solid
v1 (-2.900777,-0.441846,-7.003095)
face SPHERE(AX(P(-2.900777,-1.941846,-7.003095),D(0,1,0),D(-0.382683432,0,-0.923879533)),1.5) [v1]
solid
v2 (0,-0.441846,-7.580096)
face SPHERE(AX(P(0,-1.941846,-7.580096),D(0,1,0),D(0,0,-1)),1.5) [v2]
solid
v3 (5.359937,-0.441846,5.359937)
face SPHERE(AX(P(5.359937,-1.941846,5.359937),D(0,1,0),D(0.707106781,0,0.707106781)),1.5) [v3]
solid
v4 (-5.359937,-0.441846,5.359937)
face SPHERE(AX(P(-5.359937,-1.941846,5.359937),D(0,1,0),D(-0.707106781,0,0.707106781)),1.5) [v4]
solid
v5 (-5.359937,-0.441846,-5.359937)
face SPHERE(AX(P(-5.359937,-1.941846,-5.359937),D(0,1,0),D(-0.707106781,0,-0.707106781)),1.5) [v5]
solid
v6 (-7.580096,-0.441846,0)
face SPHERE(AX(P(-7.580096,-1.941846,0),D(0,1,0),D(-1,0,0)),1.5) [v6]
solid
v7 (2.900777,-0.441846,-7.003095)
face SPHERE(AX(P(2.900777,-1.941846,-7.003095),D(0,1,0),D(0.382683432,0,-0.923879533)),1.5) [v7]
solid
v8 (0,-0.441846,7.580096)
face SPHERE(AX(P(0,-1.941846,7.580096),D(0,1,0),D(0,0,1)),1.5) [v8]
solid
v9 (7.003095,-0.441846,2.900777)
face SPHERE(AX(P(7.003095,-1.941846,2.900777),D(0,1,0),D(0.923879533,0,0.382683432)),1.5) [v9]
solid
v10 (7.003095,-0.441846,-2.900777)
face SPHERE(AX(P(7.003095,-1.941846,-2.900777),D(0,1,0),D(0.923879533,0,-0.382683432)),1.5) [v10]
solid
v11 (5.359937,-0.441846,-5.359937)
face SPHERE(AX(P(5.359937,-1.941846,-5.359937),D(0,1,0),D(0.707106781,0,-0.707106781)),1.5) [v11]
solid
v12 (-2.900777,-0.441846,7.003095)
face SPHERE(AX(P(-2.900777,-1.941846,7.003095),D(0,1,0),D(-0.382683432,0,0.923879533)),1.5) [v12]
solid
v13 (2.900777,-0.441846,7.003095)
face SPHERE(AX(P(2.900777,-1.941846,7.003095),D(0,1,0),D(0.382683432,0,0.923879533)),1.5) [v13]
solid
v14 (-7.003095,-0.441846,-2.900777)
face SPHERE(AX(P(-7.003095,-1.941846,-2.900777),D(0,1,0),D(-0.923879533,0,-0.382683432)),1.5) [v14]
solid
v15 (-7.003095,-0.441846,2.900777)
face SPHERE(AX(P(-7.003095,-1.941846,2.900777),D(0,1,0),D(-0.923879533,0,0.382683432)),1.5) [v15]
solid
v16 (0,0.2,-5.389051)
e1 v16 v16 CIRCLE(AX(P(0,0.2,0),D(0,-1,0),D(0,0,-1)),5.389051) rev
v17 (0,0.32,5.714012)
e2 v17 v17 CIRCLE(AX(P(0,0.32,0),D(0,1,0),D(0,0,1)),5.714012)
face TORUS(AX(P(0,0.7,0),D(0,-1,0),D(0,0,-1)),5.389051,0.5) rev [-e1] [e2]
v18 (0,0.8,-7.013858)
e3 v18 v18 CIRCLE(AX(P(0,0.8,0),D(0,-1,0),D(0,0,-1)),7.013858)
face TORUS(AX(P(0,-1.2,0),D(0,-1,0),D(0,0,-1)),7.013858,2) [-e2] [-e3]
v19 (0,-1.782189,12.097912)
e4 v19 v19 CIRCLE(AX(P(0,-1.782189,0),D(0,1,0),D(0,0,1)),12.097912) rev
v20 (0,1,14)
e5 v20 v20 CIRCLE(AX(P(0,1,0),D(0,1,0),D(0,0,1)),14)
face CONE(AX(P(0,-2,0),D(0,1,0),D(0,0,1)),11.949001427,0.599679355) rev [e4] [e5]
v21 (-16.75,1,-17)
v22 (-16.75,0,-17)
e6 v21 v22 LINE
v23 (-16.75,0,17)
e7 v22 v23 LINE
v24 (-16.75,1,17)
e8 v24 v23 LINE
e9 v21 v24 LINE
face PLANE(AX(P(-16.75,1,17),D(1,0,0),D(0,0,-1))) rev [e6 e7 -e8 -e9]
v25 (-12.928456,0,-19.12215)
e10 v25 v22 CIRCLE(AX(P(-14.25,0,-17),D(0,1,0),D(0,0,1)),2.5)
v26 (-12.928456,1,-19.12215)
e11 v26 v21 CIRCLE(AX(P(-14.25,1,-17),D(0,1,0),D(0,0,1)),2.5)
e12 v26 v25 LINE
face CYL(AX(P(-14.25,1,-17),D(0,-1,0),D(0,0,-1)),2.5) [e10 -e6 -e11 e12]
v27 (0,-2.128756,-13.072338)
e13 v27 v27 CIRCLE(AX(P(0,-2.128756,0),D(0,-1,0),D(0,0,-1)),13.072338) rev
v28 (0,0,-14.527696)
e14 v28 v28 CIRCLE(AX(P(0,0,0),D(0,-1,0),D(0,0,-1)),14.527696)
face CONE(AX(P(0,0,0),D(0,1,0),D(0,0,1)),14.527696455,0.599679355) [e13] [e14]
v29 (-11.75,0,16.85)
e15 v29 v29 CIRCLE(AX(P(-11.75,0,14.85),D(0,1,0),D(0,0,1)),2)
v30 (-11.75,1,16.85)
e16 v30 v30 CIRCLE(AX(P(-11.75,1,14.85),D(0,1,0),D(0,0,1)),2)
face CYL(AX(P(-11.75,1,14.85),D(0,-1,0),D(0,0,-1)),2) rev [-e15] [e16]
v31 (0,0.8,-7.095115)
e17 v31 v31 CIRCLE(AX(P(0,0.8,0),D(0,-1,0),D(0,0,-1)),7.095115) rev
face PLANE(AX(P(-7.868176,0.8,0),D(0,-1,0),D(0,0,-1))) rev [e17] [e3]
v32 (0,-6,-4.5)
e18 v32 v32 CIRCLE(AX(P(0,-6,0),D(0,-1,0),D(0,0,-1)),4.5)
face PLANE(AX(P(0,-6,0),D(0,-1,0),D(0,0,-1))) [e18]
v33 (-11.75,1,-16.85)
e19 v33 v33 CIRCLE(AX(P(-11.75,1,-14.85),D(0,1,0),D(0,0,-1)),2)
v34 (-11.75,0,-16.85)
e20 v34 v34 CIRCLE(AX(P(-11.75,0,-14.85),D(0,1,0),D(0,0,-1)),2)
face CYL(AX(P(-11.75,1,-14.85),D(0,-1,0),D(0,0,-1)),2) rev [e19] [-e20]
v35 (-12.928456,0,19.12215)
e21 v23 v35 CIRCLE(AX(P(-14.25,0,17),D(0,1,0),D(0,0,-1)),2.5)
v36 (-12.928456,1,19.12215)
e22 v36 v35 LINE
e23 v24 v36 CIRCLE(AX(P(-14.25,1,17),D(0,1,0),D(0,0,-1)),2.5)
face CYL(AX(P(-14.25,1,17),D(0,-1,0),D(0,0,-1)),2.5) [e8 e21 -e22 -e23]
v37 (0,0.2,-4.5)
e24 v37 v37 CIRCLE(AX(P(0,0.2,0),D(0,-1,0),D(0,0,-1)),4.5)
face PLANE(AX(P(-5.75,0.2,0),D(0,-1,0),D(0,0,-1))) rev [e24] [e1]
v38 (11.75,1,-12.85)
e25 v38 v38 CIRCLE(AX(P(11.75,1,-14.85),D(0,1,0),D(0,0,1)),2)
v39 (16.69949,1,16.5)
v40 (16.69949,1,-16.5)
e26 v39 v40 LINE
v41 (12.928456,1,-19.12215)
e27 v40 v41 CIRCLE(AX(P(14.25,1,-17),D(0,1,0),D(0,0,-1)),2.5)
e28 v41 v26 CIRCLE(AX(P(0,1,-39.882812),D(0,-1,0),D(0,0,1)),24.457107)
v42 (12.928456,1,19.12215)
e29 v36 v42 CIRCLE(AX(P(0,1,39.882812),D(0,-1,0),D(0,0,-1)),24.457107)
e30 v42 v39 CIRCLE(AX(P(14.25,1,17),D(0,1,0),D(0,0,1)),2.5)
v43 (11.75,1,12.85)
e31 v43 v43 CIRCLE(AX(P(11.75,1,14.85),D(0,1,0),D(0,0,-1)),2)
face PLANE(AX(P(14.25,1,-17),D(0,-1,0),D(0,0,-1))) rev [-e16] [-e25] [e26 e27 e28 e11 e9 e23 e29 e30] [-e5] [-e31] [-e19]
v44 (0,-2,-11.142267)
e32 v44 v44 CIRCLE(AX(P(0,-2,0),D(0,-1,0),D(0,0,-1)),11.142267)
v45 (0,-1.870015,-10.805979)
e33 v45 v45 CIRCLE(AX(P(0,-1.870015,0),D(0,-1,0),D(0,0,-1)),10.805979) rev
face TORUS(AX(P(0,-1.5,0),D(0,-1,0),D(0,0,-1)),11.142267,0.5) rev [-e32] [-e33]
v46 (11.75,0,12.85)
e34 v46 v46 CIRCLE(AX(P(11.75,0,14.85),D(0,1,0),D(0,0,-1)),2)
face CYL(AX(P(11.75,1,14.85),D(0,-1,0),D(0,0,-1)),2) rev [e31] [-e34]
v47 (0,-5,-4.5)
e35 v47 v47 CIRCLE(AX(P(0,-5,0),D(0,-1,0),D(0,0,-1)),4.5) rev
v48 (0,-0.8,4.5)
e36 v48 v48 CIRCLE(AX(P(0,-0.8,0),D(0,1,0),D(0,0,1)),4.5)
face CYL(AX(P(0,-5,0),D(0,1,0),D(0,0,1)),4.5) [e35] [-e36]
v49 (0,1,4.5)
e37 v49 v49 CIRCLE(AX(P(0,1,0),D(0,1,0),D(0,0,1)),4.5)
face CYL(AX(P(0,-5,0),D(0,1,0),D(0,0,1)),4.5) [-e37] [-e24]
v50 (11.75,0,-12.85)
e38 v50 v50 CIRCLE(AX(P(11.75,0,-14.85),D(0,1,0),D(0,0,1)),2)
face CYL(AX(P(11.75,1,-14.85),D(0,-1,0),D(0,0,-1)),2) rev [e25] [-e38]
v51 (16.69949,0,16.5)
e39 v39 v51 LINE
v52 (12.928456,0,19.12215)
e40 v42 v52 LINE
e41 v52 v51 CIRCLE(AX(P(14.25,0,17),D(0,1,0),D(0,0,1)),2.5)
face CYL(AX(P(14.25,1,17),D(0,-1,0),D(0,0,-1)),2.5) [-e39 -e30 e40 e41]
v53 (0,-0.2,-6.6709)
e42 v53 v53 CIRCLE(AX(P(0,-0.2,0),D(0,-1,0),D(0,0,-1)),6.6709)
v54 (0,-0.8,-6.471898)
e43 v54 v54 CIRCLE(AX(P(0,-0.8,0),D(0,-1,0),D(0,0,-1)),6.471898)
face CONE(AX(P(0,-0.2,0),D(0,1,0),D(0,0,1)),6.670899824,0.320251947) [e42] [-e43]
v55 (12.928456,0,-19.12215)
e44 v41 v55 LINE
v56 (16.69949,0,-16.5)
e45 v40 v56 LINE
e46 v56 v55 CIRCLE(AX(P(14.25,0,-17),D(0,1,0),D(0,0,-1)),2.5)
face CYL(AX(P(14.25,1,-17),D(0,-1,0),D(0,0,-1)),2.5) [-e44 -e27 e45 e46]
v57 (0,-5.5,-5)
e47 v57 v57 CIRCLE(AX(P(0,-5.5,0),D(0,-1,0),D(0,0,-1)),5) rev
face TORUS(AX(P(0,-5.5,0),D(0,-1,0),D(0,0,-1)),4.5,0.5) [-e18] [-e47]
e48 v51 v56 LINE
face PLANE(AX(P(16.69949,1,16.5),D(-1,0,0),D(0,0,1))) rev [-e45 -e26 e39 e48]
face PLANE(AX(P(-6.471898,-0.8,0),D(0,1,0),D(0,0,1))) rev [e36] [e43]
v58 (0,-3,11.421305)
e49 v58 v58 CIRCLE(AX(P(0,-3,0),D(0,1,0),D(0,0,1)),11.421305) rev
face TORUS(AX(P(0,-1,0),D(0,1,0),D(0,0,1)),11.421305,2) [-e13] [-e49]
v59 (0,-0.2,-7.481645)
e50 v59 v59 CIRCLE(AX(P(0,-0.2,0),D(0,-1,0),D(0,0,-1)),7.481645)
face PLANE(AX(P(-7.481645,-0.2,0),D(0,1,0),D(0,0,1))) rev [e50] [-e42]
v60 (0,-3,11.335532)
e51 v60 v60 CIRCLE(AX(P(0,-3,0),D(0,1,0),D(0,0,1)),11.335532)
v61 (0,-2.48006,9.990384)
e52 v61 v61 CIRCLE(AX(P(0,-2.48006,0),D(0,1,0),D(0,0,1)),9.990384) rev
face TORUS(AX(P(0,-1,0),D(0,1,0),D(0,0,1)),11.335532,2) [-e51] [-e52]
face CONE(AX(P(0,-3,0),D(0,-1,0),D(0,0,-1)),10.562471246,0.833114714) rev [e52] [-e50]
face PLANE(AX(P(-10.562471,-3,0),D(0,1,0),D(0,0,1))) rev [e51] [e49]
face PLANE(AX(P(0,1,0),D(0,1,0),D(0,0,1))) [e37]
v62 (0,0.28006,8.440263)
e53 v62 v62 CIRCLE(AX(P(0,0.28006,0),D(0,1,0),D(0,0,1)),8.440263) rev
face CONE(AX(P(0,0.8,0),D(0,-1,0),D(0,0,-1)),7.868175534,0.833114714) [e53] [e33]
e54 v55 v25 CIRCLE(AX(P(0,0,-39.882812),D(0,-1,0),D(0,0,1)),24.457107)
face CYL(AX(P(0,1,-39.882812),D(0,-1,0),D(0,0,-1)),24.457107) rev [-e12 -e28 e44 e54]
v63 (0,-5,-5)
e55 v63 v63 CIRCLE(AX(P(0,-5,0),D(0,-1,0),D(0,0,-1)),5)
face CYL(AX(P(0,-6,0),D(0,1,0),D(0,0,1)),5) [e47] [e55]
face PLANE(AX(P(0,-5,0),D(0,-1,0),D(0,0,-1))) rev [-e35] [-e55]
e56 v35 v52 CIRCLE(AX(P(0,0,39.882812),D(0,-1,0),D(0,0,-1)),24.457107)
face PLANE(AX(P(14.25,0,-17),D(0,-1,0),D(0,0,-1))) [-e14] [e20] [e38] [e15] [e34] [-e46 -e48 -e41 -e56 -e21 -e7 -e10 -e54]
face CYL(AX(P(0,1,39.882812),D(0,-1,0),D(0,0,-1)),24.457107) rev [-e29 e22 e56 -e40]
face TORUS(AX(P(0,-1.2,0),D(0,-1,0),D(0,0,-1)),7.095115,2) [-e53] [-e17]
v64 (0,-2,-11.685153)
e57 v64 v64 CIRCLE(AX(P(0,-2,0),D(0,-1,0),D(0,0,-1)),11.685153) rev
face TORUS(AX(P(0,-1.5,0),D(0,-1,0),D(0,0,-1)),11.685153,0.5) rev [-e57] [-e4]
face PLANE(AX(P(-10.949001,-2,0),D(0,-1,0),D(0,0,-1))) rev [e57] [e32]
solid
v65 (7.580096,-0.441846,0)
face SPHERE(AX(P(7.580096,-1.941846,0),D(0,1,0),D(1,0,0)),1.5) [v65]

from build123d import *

# Parameters (mm, degrees)
CROQUIS1_R     = 2
EXTRUIR1_DEPTH = 1
CROQUIS4_R     = 14
EXTRUIR3_DEPTH = 26.725716705
REDONDEO1_R    = 2
REDONDEO2_R    = 0.5
REDONDEO3_R    = 2
CROQUIS2_R     = 4
EXTRUIR5_DEPTH = 27.015620308
CROQUIS5_R     = 4.5
EXTRUIR6_DEPTH = 6
CROQUIS6_R     = 5
EXTRUIR7_DEPTH = 1
REDONDEO7_R    = 0.5
MATRIZC3_COUNT = 16


with BuildPart() as part:
    # Croquis1 → Extruir1 (new body)
    with BuildSketch(Plane(origin=(0, 0, 0), x_dir=(1, 0, 0), z_dir=(0, 1, 0))):
        with BuildLine():
            Line((-16.75, -17), (-16.75, 17))
            ThreePointArc((-16.75, 17), (-15.463701005, 19.185618876), (-12.928456103, 19.12215026))
            ThreePointArc((-12.928456103, 19.12215026), (0, 15.425705684), (12.928456103, 19.12215026))
            ThreePointArc((12.928456103, 19.12215026), (15.677229293, 19.052563408), (16.699489743, 16.5))
            Line((16.699489743, 16.5), (16.699489743, -16.5))
            ThreePointArc((16.699489743, -16.5), (15.677229293, -19.052563408), (12.928456103, -19.12215026))
            ThreePointArc((12.928456103, -19.12215026), (0, -15.425705684), (-12.928456103, -19.12215026))
            ThreePointArc((-12.928456103, -19.12215026), (-15.463701005, -19.185618876), (-16.75, -17))
        make_face()
        with Locations((-11.75, -14.85)):
            Circle(CROQUIS1_R, mode=Mode.SUBTRACT)
        with Locations((-11.75, 14.85)):
            Circle(CROQUIS1_R, mode=Mode.SUBTRACT)
        with Locations((11.75, -14.85)):
            Circle(CROQUIS1_R, mode=Mode.SUBTRACT)
        with Locations((11.75, 14.85)):
            Circle(CROQUIS1_R, mode=Mode.SUBTRACT)
    extrude(amount=EXTRUIR1_DEPTH)

    # Croquis4 → Extruir3 (cut, through all)
    with BuildSketch(Plane(origin=(0, 1, 0), x_dir=(1, 0, 0), z_dir=(0, 1, 0))):
        Circle(CROQUIS4_R)
    extrude(amount=-EXTRUIR3_DEPTH, mode=Mode.SUBTRACT)

    # Croquis3 → Revolución1 (revolve)
    with BuildSketch(Plane.XY):
        Polygon((-14.527696455, 0), (-12.476697882, -3), (-10.562471246, -3), (-7.481645354, -0.2), (-6.670899824, -0.2), (-6.471898398, -0.8), (0, -0.8), (0, 0.2), (-5.75, 0.2), (-5.949001427, 0.8), (-7.868175534, 0.8), (-10.949001427, -2), (-11.949001427, -2), (-12.949001427, -0.537297861), (-14, 1), (-14, 0), align=None)
    revolve(axis=Axis((0, 0.2, 0), (0, 1, 0)))

    # Redondeo1
    redondeo1_edges = [part.edges().sort_by_distance(p)[0] for p in [
        (10.562471246, -3, 0),
        (12.476697882, -3, 0),
    ]]
    fillet(redondeo1_edges, radius=REDONDEO1_R)

    # Redondeo2
    redondeo2_edges = [part.edges().sort_by_distance(p)[0] for p in [
        (11.949001427, -2, 0),
        (5.75, 0.2, 0),
        (10.949001427, -2, 0),
    ]]
    fillet(redondeo2_edges, radius=REDONDEO2_R)

    # Redondeo3
    redondeo3_edges = [part.edges().sort_by_distance(p)[0] for p in [
        (5.949001427, 0.8, 0),
        (7.868175534, 0.8, 0),
    ]]
    fillet(redondeo3_edges, radius=REDONDEO3_R)

    # Croquis2 → Extruir5 (cut, through all)
    with BuildSketch(Plane(origin=(0, 1, 0), x_dir=(1, 0, 0), z_dir=(0, 1, 0))):
        Circle(CROQUIS2_R)
    extrude(amount=-EXTRUIR5_DEPTH, mode=Mode.SUBTRACT)

    # Croquis5 → Extruir6 (add)
    with BuildSketch(Plane(origin=(0, 1, 0), x_dir=(1, 0, 0), z_dir=(0, 1, 0))):
        Circle(CROQUIS5_R)
    extrude(amount=-EXTRUIR6_DEPTH)

    # Croquis6 → Extruir7 (add)
    with BuildSketch(Plane.XZ.offset(5)):
        Circle(CROQUIS6_R)
    extrude(amount=EXTRUIR7_DEPTH)

    # Redondeo7
    redondeo7_edges = [part.edges().sort_by_distance(p)[0] for p in [
        (-5, -6, 0),
    ]]
    fillet(redondeo7_edges, radius=REDONDEO7_R)


with BuildPart() as body_2:
    # Croquis7 → Revolución2 (revolve)
    with BuildSketch(Plane.XY):
        with BuildLine():
            Line((-7.580095881, -0.441845671), (-7.580095881, -3.441845671))
            ThreePointArc((-7.580095881, -3.441845671), (-9.080095881, -1.941845671), (-7.580095881, -0.441845671))
        make_face()
    revolve(axis=Axis((-7.580095881, -0.441845671, 0), (0, -1, 0)))


with BuildPart() as matrizc3_1:
    # MatrizC3: pattern copy
    add(body_2.part.rotate(Axis((0, -6.35, 0), (0, 1, 0)), 1 * 360 / MATRIZC3_COUNT))


with BuildPart() as matrizc3_2:
    # MatrizC3: pattern copy
    add(body_2.part.rotate(Axis((0, -6.35, 0), (0, 1, 0)), 2 * 360 / MATRIZC3_COUNT))


with BuildPart() as matrizc3_3:
    # MatrizC3: pattern copy
    add(body_2.part.rotate(Axis((0, -6.35, 0), (0, 1, 0)), 3 * 360 / MATRIZC3_COUNT))


with BuildPart() as matrizc3_4:
    # MatrizC3: pattern copy
    add(body_2.part.rotate(Axis((0, -6.35, 0), (0, 1, 0)), 4 * 360 / MATRIZC3_COUNT))


with BuildPart() as matrizc3_5:
    # MatrizC3: pattern copy
    add(body_2.part.rotate(Axis((0, -6.35, 0), (0, 1, 0)), 5 * 360 / MATRIZC3_COUNT))


with BuildPart() as matrizc3_6:
    # MatrizC3: pattern copy
    add(body_2.part.rotate(Axis((0, -6.35, 0), (0, 1, 0)), 6 * 360 / MATRIZC3_COUNT))


with BuildPart() as matrizc3_7:
    # MatrizC3: pattern copy
    add(body_2.part.rotate(Axis((0, -6.35, 0), (0, 1, 0)), 7 * 360 / MATRIZC3_COUNT))


with BuildPart() as matrizc3_8:
    # MatrizC3: pattern copy
    add(body_2.part.rotate(Axis((0, -6.35, 0), (0, 1, 0)), 8 * 360 / MATRIZC3_COUNT))


with BuildPart() as matrizc3_9:
    # MatrizC3: pattern copy
    add(body_2.part.rotate(Axis((0, -6.35, 0), (0, 1, 0)), 9 * 360 / MATRIZC3_COUNT))


with BuildPart() as matrizc3_10:
    # MatrizC3: pattern copy
    add(body_2.part.rotate(Axis((0, -6.35, 0), (0, 1, 0)), 10 * 360 / MATRIZC3_COUNT))


with BuildPart() as matrizc3_11:
    # MatrizC3: pattern copy
    add(body_2.part.rotate(Axis((0, -6.35, 0), (0, 1, 0)), 11 * 360 / MATRIZC3_COUNT))


with BuildPart() as matrizc3_12:
    # MatrizC3: pattern copy
    add(body_2.part.rotate(Axis((0, -6.35, 0), (0, 1, 0)), 12 * 360 / MATRIZC3_COUNT))


with BuildPart() as matrizc3_13:
    # MatrizC3: pattern copy
    add(body_2.part.rotate(Axis((0, -6.35, 0), (0, 1, 0)), 13 * 360 / MATRIZC3_COUNT))


with BuildPart() as matrizc3_14:
    # MatrizC3: pattern copy
    add(body_2.part.rotate(Axis((0, -6.35, 0), (0, 1, 0)), 14 * 360 / MATRIZC3_COUNT))


with BuildPart() as matrizc3_15:
    # MatrizC3: pattern copy
    add(body_2.part.rotate(Axis((0, -6.35, 0), (0, 1, 0)), 15 * 360 / MATRIZC3_COUNT))


solid = Compound([part.part, body_2.part, matrizc3_1.part, matrizc3_2.part, matrizc3_3.part, matrizc3_4.part, matrizc3_5.part, matrizc3_6.part, matrizc3_7.part, matrizc3_8.part, matrizc3_9.part, matrizc3_10.part, matrizc3_11.part, matrizc3_12.part, matrizc3_13.part, matrizc3_14.part, matrizc3_15.part])
